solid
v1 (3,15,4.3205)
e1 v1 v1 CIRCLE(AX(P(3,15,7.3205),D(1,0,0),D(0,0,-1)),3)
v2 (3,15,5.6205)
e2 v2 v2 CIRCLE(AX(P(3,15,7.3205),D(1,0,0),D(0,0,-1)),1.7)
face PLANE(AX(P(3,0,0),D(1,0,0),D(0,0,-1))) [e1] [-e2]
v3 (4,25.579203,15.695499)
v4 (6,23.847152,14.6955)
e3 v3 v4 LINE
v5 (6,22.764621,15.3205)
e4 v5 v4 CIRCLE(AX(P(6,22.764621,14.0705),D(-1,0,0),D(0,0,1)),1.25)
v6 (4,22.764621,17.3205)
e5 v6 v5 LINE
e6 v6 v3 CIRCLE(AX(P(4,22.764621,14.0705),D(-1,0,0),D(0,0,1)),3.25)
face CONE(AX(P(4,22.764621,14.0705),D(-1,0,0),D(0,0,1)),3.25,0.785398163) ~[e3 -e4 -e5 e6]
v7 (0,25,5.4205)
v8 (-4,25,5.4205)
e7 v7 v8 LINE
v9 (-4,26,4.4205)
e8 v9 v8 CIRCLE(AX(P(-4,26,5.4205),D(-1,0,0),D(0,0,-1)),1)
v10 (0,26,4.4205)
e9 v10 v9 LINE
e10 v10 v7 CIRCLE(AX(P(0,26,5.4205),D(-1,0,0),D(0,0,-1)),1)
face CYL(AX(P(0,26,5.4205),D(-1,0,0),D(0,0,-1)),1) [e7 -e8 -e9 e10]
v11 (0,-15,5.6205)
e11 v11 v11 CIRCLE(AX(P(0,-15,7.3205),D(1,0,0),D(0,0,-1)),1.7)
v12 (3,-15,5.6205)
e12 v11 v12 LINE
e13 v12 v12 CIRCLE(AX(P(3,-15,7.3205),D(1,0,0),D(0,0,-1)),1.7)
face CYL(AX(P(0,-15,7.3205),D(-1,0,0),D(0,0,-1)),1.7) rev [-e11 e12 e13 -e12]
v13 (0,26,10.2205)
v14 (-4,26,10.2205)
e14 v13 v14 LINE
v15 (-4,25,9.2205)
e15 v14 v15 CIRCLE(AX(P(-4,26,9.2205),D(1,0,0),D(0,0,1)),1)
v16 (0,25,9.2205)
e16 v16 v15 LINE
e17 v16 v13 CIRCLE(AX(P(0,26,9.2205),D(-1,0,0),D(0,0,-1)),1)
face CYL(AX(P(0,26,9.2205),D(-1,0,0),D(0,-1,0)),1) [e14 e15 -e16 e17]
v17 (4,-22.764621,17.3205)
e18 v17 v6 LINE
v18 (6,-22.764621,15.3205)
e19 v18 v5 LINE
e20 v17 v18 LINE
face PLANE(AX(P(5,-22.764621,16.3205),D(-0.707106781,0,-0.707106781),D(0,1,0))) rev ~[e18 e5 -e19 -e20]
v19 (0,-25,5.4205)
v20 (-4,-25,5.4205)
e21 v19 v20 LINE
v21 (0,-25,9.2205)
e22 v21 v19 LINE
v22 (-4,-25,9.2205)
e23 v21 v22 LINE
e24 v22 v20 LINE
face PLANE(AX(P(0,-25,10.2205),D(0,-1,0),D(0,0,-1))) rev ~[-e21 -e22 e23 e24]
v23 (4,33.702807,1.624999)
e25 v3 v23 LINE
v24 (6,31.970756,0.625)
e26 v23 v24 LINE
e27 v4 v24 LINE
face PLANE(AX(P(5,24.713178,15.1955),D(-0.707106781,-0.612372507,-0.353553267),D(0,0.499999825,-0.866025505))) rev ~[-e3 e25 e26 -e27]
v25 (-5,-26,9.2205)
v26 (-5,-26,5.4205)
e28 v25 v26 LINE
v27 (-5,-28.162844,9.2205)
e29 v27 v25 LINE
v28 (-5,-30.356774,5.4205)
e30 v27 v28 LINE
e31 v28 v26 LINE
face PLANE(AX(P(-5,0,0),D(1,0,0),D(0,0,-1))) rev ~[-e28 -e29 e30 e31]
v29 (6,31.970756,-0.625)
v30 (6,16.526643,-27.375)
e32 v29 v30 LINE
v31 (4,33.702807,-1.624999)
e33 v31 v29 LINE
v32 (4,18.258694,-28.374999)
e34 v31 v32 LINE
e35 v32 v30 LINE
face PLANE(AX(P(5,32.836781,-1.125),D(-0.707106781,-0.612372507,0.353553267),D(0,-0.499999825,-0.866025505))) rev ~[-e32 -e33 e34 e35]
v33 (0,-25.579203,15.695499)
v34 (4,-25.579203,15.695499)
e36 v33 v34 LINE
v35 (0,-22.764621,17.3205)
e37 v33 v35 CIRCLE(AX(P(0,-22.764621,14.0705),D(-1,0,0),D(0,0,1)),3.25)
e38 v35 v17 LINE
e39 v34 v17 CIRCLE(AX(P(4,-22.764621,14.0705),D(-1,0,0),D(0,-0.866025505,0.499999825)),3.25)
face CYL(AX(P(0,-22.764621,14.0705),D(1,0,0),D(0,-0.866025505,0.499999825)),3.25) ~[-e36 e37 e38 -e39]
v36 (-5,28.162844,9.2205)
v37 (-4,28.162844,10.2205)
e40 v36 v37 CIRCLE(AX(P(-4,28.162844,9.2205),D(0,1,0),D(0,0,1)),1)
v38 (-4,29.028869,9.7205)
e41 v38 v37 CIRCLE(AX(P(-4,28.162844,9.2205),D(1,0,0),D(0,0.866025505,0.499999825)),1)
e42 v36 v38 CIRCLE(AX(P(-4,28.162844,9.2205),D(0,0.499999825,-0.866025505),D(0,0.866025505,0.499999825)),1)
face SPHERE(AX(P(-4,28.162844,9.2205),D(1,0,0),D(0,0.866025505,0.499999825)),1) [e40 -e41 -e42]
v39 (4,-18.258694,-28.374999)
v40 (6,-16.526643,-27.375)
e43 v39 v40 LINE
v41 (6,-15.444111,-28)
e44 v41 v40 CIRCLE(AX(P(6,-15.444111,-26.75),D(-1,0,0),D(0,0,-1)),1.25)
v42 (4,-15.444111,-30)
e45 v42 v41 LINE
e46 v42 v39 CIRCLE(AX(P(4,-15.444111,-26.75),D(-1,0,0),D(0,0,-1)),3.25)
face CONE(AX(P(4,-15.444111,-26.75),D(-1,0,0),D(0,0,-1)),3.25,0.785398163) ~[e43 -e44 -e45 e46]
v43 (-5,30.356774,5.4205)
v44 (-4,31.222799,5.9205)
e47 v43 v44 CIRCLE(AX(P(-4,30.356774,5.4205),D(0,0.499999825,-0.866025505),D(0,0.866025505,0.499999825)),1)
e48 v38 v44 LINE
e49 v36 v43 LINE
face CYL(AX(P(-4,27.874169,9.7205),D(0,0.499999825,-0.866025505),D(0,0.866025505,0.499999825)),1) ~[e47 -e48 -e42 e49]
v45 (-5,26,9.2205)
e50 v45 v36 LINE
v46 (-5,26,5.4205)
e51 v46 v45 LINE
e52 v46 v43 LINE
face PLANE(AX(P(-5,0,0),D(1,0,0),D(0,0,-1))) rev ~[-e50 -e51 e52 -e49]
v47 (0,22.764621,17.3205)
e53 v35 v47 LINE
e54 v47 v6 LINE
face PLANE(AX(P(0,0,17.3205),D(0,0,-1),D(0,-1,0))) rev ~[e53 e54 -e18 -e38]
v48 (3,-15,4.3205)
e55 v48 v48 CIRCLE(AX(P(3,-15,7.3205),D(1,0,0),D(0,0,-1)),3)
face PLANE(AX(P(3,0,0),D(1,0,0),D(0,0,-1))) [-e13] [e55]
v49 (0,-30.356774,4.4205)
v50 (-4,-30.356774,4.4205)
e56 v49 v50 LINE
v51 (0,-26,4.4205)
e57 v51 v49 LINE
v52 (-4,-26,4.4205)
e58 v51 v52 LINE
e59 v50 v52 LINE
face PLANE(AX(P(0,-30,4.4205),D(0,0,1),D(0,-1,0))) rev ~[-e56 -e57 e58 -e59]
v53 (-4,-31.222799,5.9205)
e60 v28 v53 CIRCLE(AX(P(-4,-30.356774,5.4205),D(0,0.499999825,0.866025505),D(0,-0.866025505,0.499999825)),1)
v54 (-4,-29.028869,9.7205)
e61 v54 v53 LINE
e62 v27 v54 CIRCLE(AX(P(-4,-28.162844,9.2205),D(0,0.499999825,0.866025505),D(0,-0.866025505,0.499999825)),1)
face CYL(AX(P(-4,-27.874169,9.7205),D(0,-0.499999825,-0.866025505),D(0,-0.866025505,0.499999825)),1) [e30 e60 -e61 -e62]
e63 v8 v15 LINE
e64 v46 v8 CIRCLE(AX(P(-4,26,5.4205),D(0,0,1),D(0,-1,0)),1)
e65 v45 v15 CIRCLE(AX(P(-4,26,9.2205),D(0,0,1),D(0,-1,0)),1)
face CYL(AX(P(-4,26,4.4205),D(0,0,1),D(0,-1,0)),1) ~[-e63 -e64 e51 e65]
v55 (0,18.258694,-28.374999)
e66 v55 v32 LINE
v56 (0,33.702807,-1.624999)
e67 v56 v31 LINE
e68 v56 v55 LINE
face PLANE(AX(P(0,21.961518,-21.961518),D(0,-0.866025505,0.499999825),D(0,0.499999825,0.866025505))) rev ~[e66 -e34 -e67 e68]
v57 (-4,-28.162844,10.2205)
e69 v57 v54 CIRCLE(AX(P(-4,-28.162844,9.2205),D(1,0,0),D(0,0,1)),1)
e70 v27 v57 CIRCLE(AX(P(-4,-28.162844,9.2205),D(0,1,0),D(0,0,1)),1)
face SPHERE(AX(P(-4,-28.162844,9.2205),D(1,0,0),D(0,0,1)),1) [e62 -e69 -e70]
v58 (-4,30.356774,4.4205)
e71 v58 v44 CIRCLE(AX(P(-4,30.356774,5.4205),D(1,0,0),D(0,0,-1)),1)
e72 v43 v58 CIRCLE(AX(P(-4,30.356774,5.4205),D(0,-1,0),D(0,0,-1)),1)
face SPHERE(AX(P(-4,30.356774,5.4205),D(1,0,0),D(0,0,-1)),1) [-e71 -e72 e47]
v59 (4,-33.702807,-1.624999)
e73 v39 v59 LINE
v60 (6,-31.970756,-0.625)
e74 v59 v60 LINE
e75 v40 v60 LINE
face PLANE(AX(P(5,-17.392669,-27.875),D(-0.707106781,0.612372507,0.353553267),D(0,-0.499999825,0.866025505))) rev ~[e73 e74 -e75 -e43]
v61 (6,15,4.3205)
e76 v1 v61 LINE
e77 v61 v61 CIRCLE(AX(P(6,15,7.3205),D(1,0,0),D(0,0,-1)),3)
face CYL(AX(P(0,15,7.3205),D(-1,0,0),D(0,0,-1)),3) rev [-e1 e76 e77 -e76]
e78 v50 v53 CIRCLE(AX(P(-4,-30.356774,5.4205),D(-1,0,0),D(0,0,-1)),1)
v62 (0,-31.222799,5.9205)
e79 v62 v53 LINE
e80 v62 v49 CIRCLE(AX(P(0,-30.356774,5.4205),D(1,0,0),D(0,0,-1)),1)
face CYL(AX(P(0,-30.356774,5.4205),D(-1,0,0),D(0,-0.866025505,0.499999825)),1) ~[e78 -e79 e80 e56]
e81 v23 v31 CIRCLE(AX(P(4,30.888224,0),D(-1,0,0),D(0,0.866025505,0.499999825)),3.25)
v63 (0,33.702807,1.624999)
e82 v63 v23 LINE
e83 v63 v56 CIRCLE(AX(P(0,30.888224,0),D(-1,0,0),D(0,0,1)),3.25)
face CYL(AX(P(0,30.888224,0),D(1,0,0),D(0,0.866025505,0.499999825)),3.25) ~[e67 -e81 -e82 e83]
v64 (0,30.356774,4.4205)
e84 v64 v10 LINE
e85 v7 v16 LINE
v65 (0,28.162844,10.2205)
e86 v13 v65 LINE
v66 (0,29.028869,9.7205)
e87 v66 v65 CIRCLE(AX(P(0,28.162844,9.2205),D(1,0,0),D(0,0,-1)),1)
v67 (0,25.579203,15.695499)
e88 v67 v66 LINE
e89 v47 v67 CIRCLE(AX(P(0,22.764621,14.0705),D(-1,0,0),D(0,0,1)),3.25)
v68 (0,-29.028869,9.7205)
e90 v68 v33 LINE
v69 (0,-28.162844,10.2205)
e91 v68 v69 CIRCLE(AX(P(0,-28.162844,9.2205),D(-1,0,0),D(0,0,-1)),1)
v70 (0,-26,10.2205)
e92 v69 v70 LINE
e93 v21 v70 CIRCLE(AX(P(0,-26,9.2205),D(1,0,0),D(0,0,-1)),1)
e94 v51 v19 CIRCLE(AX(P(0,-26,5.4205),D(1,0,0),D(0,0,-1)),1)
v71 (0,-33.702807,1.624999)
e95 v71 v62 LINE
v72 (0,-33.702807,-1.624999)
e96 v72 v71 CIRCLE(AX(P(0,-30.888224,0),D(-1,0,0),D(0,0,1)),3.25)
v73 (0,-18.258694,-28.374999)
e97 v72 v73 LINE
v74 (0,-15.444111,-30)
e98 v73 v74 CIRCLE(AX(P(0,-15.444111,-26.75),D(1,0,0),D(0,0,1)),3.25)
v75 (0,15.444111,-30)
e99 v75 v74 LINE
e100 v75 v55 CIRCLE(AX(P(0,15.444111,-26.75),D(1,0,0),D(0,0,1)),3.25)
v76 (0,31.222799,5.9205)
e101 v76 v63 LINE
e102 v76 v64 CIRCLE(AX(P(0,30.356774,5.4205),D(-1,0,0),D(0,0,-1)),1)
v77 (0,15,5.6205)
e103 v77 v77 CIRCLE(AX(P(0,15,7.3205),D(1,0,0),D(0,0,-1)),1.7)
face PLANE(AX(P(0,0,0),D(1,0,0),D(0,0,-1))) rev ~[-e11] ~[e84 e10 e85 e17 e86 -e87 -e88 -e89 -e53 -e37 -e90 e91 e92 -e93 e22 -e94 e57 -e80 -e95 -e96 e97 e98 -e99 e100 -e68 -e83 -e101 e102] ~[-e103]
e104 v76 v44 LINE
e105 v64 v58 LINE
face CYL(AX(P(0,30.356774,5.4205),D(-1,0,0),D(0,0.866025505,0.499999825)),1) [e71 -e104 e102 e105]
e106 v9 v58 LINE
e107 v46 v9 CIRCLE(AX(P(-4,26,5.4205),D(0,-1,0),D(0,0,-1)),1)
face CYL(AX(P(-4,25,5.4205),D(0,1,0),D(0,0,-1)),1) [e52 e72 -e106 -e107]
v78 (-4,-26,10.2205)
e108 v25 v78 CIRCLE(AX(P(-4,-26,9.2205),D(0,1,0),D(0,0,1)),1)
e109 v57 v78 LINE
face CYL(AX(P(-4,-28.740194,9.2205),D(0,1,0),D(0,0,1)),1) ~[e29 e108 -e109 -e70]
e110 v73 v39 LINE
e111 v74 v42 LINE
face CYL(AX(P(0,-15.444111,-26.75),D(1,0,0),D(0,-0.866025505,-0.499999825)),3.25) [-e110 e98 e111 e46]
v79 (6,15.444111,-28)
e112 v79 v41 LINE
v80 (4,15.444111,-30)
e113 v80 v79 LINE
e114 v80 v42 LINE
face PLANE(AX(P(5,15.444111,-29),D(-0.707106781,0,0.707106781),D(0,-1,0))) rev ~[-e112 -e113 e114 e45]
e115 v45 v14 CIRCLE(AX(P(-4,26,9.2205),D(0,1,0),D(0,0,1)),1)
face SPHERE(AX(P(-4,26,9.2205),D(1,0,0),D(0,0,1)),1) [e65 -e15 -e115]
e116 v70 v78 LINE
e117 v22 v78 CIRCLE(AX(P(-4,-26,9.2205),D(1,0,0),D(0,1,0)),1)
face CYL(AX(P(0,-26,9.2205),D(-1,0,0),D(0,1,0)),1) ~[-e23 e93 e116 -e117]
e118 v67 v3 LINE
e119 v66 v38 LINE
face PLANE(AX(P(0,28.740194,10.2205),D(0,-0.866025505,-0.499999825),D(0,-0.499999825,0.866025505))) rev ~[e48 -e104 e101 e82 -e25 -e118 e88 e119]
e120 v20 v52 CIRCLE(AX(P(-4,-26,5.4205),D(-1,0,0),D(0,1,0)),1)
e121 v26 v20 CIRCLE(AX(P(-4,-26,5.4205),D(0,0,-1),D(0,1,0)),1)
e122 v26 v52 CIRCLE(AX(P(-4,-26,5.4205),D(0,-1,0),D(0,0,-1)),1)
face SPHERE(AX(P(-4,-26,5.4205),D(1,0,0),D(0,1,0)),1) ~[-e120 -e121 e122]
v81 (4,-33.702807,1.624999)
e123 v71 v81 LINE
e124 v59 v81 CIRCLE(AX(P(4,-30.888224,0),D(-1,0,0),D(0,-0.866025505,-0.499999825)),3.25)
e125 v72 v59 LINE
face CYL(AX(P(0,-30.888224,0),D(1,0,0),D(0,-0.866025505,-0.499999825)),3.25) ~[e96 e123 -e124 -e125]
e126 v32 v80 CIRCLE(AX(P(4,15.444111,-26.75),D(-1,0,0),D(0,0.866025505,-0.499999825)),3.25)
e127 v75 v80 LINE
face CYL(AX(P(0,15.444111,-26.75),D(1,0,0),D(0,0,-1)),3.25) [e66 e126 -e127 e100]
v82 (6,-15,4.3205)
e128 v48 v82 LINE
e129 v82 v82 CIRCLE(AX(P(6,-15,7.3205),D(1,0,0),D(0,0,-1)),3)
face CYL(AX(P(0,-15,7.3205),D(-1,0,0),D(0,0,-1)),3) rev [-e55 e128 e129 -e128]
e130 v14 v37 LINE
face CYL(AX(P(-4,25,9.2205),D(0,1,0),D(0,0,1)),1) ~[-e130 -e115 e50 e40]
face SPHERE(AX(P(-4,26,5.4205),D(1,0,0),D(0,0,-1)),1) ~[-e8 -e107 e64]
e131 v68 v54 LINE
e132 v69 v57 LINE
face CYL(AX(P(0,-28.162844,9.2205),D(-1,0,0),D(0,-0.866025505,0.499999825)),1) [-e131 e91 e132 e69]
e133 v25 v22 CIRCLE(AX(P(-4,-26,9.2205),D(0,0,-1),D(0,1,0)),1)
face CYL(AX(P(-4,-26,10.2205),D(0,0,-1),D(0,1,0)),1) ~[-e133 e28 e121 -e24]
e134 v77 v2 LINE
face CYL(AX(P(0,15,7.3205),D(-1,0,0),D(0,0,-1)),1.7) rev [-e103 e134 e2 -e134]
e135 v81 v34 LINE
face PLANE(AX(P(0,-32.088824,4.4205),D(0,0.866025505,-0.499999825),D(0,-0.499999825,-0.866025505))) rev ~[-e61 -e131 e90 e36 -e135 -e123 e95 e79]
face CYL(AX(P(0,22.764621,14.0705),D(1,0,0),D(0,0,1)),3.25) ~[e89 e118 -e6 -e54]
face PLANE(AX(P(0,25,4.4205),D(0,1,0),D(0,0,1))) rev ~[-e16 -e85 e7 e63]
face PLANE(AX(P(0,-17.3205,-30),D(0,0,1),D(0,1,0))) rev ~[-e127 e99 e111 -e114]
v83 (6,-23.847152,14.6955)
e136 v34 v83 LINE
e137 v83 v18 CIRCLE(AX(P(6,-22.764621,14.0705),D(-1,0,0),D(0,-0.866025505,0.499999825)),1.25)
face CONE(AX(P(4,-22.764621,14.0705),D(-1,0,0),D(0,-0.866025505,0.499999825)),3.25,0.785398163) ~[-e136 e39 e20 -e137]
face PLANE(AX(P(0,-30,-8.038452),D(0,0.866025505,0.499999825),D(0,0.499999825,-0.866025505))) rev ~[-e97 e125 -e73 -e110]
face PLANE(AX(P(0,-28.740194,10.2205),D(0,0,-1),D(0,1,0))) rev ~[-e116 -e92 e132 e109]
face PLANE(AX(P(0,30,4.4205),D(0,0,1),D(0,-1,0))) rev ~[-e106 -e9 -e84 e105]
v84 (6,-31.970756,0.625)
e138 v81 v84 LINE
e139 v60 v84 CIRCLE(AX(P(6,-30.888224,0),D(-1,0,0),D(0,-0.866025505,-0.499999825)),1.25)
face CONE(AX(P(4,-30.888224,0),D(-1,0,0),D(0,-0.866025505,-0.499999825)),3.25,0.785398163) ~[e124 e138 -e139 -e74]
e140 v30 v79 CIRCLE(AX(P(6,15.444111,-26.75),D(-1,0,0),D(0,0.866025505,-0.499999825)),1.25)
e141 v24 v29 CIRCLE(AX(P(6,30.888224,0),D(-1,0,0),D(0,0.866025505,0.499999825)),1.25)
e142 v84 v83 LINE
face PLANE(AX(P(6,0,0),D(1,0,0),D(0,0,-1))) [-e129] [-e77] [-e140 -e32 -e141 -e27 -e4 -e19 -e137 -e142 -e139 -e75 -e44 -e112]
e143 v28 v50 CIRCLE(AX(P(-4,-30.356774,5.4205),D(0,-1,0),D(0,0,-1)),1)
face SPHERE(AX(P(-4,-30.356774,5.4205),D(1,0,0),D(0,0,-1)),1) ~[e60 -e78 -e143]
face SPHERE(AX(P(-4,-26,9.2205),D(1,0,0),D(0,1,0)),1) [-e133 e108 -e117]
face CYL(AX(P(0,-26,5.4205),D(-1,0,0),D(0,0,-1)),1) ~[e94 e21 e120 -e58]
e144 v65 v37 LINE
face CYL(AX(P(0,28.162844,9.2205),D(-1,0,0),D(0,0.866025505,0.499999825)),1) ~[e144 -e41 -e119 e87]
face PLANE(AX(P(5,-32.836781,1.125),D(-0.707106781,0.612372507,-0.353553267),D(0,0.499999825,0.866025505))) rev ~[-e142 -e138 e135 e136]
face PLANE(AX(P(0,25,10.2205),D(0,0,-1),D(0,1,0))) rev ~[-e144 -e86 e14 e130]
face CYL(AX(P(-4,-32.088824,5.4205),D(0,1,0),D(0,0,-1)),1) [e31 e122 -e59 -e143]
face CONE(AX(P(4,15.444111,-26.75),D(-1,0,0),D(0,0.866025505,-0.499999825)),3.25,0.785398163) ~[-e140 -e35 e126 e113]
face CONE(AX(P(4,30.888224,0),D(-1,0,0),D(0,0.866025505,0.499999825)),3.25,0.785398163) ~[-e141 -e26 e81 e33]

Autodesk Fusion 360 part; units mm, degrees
sketch "Sketch1" plane through (0, 0, 0) normal (1, 0, 0) x (0, 0, -1)
  line L0 (17.3205, -30) -> (34.641, 0)
  line L1 (34.641, 0) -> (17.3205, 30)
  line L2 (17.3205, 30) -> (-17.3205, 30)
  line L3 (-17.3205, 30) -> (-34.641, 0)
  line L4 (-34.641, 0) -> (-17.3205, -30)
  line L5 (-17.3205, -30) -> (17.3205, -30)
  line L6 (-17.3205, 30) -> (2.6795, 30) construction
  line L7 (2.6795, 30) -> (2.6795, -30) construction
  line L8 (2.6795, -30) -> (-17.3205, -30) construction
  line L9 (-17.3205, -30) -> (-17.3205, 30) construction
  line L10 (-17.3205, 0) -> (2.6795, 0)
  line L11 (-17.3205, 30) -> (-17.3205, 0)
  line L12 (-17.3205, 0) -> (-17.3205, -30)
  line L13 (-17.3205, 0) -> (2.6795, -30) construction
  line L14 (-17.3205, 0) -> (2.6795, 30) construction
  circle A0 centre (-7.3205, 15) radius 1.7
  circle A1 centre (-7.3205, -15) radius 1.7
  circle A2 centre (-7.3205, 15) radius 3
  circle A3 centre (-7.3205, -15) radius 3
  line L15 (-7.3205, 30) -> (-7.3205, -30) construction
  line L16 (-4.4205, 25) -> (-10.2205, 25)
  line L17 (-10.2205, 25) -> (-10.2205, 35)
  line L18 (-10.2205, 35) -> (-4.4205, 35)
  line L19 (-4.4205, 35) -> (-4.4205, 25)
  line L20 (-4.4205, 25) -> (-10.2205, 35) construction
  line L21 (-10.2205, 25) -> (-4.4205, 35) construction
  line L22 (-4.4205, -35) -> (-10.2205, -35)
  line L23 (-10.2205, -35) -> (-10.2205, -25)
  line L24 (-10.2205, -25) -> (-4.4205, -25)
  line L25 (-4.4205, -25) -> (-4.4205, -35)
  line L26 (-4.4205, -35) -> (-10.2205, -25) construction
  line L27 (-10.2205, -35) -> (-4.4205, -25) construction
  line L28 (-17.3205, 30) -> (-17.3205, -30)
  line L29 (-17.3205, -30) -> (-21.5905, -30)
  line L30 (-21.5905, -30) -> (-21.5905, 30)
  line L31 (-21.5905, 30) -> (-17.3205, 30)
  line L32 (30, -17.3205) -> (30, 17.3205)
  line L33 (30, 17.3205) -> (0, 34.641)
  line L34 (0, 34.641) -> (-30, 17.3205)
  line L35 (-30, 17.3205) -> (-30, -17.3205)
  line L36 (-30, -17.3205) -> (0, -34.641)
  line L37 (0, -34.641) -> (30, -17.3205)
  point P0 (-7.3205, 30)
  point P1 (-7.3205, -30)
  dimension "d1" = 30
  dimension "d2" = 20
  dimension "d3" = 3.4
  dimension "d4" = 3.4
  dimension "d5" = 6
  dimension "d6" = 6
  dimension "d7" = 5.8
  dimension "d8" = 10
  dimension "d9" = 5.8
  dimension "d10" = 10
  dimension "d11" = 4.27
  dimension "d12" = 30
extrude "Extrude1" add sketch "Sketch1" along normal blind 6 contours L0 L1 L2 L5 L11 L12 L16 L17 L19 L23 L24 L25 L28 L32 L33 L34 L36 L37 | L0 L32 L37 | L5 L25 L36 L37 | L5 L25 L36 | L5 L23 L24 L25 L36 | L1 L32 L33 | L2 L19 L33 L34 | L2 L16 L17 L19 L34 | L2 L19 L34
extrude "Extrude2" add sketch "Sketch1" against normal blind 5 contours L5 L25 L36 | L5 L23 L24 L25 L36 | L2 L16 L17 L19 L34 | L2 L19 L34
extrude "Extrude3" add sketch "Sketch1" along normal blind 3 contours A2 | A3
fillet "Fillet1" radius 3.25 6 edges at (3, -34.641, 0) (3, -17.3205, -30) (3, 17.3205, -30) (3, 34.641, 0) (3, 24.641, 17.3205) (3, -24.641, 17.3205)
chamfer "Chamfer1" distance 2 angle 45 12 edges at (6, -25.9808, -15) (6, -17.0691, -29.5646) (6, 0, -30) (6, 17.0691, -29.5646) (6, 25.9808, -15) (6, 34.1382, 0) (6, 29.641, 8.6603) (6, 24.3896, 16.8851) (6, 0, 17.3205) (6, -24.3896, 16.8851) (6, -29.641, 8.6603) (6, -34.1382, 0)
fillet "Fillet2" radius 1 9 edges at (-2.5, 25, 4.4205) (-2.5, 25, 10.2205) (-2.5, -32.0888, 4.4205) (-2.5, -28.7402, 10.2205) (-2.5, -25, 10.2205) (-2.5, -25, 4.4205) (-5, -25, 7.3205) (-2.5, 28.7402, 10.2205) (-2.5, 32.0888, 4.4205) 2 faces at (-5, -28.6097, 6.3538) (-5, 28.6097, 6.3538)
